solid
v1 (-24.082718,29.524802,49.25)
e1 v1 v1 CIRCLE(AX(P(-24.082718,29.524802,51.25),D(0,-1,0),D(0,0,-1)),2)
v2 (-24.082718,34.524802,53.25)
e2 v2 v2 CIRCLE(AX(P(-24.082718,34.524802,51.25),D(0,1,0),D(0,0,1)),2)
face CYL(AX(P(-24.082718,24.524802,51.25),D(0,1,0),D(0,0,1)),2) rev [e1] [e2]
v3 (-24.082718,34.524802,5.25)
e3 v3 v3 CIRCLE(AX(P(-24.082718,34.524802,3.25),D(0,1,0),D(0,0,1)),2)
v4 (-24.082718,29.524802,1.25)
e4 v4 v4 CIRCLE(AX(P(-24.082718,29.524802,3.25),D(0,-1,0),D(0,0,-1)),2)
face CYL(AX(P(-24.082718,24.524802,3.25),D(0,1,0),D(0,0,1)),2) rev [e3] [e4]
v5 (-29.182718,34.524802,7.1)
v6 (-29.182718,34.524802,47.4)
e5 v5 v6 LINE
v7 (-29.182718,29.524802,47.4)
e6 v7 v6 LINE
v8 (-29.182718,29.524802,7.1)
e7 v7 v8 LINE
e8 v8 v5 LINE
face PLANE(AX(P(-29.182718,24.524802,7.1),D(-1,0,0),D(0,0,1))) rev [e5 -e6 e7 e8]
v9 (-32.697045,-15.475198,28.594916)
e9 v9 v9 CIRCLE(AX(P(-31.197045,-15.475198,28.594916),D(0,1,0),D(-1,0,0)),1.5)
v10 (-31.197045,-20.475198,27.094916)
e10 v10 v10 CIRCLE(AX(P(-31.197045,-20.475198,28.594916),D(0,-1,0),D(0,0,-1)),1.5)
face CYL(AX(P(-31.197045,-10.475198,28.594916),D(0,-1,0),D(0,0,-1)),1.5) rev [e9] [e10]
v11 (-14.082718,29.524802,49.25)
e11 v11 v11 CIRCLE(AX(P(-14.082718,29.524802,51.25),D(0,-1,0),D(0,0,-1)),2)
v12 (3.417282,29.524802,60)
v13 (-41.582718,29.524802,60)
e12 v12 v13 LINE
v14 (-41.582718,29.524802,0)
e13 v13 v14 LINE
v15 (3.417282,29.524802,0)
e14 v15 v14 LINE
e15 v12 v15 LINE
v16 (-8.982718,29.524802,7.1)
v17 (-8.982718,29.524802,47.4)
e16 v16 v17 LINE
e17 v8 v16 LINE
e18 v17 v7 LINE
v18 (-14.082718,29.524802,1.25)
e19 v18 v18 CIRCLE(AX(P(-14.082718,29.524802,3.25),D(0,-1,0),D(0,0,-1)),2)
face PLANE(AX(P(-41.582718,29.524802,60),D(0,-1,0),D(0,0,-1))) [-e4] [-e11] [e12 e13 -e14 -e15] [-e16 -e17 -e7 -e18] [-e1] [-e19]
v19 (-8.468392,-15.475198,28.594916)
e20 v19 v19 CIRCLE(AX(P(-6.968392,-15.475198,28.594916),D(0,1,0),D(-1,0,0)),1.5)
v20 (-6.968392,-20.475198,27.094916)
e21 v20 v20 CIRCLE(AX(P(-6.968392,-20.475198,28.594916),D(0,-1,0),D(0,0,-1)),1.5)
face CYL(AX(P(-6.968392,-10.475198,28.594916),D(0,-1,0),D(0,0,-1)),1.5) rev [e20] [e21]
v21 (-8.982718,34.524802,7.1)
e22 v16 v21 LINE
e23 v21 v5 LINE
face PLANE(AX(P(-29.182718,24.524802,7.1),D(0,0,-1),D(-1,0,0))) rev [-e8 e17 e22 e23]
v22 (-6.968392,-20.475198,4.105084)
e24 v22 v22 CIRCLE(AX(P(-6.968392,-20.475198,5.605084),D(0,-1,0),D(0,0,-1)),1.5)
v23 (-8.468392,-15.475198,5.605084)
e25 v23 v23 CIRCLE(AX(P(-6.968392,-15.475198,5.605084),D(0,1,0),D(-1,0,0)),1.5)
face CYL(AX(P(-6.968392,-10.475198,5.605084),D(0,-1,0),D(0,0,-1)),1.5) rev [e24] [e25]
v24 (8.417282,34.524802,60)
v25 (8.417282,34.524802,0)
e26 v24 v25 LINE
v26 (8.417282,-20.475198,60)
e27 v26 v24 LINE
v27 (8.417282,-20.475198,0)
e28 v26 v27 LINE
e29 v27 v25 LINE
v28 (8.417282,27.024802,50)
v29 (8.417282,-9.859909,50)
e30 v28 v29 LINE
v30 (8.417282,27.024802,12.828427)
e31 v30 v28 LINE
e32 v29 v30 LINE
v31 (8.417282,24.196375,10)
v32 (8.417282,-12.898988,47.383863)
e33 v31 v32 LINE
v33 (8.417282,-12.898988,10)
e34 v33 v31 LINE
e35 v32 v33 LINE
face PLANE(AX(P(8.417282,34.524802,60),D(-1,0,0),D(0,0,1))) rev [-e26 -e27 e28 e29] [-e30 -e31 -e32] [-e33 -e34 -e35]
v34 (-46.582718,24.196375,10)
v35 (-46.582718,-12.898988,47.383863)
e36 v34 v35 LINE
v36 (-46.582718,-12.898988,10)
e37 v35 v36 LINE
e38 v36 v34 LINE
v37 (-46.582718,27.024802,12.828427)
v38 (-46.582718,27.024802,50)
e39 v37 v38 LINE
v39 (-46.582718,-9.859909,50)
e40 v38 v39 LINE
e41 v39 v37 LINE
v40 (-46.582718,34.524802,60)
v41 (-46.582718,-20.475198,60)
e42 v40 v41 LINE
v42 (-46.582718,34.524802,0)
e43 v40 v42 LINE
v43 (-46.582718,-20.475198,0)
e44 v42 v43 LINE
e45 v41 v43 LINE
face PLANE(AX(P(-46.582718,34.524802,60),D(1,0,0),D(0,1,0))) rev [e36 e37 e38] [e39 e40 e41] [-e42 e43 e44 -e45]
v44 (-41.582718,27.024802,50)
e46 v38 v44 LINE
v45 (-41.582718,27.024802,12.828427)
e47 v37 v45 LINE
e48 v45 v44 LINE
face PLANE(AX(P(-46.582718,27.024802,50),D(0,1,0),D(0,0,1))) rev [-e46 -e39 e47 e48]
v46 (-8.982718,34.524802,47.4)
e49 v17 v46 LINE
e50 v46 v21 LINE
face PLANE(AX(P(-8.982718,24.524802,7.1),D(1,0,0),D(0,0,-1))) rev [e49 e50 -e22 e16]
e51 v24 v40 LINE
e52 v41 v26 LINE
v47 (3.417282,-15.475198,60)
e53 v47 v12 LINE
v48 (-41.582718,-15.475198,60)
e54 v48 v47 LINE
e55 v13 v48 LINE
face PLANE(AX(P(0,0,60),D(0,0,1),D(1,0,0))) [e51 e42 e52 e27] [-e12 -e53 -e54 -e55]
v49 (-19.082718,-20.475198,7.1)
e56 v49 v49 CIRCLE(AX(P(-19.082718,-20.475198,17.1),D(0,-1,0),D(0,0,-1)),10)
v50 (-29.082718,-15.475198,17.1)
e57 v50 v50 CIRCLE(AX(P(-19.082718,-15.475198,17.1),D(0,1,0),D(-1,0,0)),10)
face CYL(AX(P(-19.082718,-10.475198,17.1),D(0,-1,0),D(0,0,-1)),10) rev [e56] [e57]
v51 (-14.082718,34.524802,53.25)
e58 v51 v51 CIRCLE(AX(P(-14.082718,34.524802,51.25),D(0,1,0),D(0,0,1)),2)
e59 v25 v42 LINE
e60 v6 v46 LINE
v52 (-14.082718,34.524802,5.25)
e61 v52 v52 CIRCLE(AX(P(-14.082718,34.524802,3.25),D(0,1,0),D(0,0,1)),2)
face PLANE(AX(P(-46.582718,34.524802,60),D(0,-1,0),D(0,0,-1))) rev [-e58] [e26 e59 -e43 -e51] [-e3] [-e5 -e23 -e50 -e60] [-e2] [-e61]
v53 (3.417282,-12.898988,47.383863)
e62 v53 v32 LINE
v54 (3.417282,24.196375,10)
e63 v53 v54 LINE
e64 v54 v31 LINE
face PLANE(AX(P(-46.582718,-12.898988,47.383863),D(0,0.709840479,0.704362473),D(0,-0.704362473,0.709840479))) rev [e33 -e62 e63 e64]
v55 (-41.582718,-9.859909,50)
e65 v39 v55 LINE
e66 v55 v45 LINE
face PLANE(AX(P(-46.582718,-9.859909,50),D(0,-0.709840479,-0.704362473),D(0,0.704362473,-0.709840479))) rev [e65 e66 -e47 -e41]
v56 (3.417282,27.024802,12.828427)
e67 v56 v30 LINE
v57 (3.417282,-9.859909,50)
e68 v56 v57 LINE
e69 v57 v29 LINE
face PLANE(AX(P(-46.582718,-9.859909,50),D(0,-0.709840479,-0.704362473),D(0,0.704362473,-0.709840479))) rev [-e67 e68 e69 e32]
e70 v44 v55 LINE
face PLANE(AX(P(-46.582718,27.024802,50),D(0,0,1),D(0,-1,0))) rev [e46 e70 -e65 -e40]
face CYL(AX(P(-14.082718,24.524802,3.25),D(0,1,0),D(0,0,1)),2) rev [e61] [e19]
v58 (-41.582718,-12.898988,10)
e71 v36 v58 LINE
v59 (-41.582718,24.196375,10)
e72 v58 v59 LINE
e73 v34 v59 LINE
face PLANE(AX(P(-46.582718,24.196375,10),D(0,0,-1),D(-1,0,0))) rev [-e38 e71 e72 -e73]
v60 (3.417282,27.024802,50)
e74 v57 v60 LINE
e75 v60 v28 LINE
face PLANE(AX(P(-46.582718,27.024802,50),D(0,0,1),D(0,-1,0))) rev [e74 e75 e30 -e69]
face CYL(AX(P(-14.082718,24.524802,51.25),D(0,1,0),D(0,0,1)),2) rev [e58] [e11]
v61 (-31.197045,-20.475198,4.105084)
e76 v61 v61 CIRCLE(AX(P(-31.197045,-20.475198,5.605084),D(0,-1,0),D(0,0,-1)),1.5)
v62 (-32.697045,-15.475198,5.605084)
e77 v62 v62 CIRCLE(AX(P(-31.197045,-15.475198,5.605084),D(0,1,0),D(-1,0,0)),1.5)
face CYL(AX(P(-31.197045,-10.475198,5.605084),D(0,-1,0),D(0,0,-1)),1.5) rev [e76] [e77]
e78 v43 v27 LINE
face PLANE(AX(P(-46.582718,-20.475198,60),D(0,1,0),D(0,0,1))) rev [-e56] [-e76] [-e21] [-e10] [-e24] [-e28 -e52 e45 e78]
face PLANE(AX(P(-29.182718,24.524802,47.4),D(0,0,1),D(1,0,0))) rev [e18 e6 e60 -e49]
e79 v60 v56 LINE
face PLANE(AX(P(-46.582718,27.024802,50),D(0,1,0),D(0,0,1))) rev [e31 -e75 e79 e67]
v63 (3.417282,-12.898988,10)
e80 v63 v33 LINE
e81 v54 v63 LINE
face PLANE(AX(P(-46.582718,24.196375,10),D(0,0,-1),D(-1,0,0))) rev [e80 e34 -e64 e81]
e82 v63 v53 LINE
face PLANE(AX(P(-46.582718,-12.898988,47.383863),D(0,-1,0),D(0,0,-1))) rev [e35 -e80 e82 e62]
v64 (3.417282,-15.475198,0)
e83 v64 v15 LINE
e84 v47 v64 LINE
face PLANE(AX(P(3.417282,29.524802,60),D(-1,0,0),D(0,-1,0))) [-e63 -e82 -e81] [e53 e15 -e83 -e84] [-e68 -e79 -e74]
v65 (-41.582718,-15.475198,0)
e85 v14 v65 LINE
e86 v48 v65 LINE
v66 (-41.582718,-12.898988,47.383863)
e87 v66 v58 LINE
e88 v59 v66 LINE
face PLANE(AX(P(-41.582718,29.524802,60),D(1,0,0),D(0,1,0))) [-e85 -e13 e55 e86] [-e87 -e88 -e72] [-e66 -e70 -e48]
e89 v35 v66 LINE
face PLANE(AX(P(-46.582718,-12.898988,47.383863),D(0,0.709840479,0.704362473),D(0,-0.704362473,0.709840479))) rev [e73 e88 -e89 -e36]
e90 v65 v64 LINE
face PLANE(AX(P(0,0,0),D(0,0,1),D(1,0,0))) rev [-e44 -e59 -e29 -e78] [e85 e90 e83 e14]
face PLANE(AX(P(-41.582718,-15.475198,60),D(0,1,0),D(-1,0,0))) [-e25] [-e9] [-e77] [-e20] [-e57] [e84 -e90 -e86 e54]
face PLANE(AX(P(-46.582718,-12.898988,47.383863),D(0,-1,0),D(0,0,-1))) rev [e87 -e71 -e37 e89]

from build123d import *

# Parameters (mm, degrees)
ESQUISSE1_W             = 55
ESQUISSE1_H             = 55
ESQUISSE1_W_2           = 45
ESQUISSE1_H_2           = 45
BOSS_EXTRU_1_DEPTH      = 60
ESQUISSE2_R             = 2
ESQUISSE2_W             = 20.2
ESQUISSE2_H             = 40.3
ENL_V_MAT_EXTRU_1_DEPTH = 10
ESQUISSE5_R             = 10
ESQUISSE5_R_2           = 1.5
ENL_V_MAT_EXTRU_2_DEPTH = 10
ENL_V_MAT_EXTRU_3_DEPTH = 89.413584698


with BuildPart() as part:
    # Esquisse1 → Boss.-Extru.1 (new body)
    with BuildSketch(Plane.XY):
        with Locations((-19.082718041, 7.024802088)):
            Rectangle(ESQUISSE1_W, ESQUISSE1_H)
        with Locations((-19.082718041, 7.024802088)):
            Rectangle(ESQUISSE1_W_2, ESQUISSE1_H_2, mode=Mode.SUBTRACT)
    extrude(amount=BOSS_EXTRU_1_DEPTH)

    # Esquisse2 → Enlèv. mat.-Extru.1 (cut)
    with BuildSketch(Plane(origin=(0, 34.524802088, 0), x_dir=(1, 0, 0), z_dir=(0, 1, 0))):
        with Locations(Location((-24.082718041, -3.25, 0), (0, 0, 270))):
            Circle(ESQUISSE2_R)
        with Locations(Location((-14.082718041, -3.25, 0), (0, 0, 270))):
            Circle(ESQUISSE2_R)
        with Locations(Location((-24.082718041, -51.25, 0), (0, 0, 270))):
            Circle(ESQUISSE2_R)
        with Locations(Location((-14.082718041, -51.25, 0), (0, 0, 270))):
            Circle(ESQUISSE2_R)
        with Locations((-19.082718041, -27.25)):
            Rectangle(ESQUISSE2_W, ESQUISSE2_H)
    extrude(amount=-ENL_V_MAT_EXTRU_1_DEPTH, mode=Mode.SUBTRACT)

    # Esquisse5 → Enlèv. mat.-Extru.2 (cut)
    with BuildSketch(Plane.XZ.offset(20.475197912)):
        with Locations(Location((-19.082718041, 17.1, 0), (0, 0, 270))):
            Circle(ESQUISSE5_R)
        with Locations(Location((-31.197044543, 5.605084019, 0), (0, 0, 270))):
            Circle(ESQUISSE5_R_2)
        with Locations(Location((-6.968391539, 5.605084019, 0), (0, 0, 270))):
            Circle(ESQUISSE5_R_2)
        with Locations(Location((-31.197044543, 28.594915981, 0), (0, 0, 270))):
            Circle(ESQUISSE5_R_2)
        with Locations(Location((-6.968391539, 28.594915981, 0), (0, 0, 270))):
            Circle(ESQUISSE5_R_2)
    extrude(amount=-ENL_V_MAT_EXTRU_2_DEPTH, mode=Mode.SUBTRACT)

    # Esquisse8 → Enlèv. mat.-Extru.3 (cut, through all)
    with BuildSketch(Plane(origin=(8.417281959, 0, 0), x_dir=(0, 0, -1), z_dir=(1, 0, 0))):
        Polygon((-50, 27.024802088), (-12.828427125, 27.024802088), (-50, -9.859909005), align=None)
        Polygon((-47.383863207, -12.898988168), (-10, -12.898988168), (-10, 24.196374963), align=None)
    extrude(amount=-ENL_V_MAT_EXTRU_3_DEPTH, mode=Mode.SUBTRACT)


solid = part.part
